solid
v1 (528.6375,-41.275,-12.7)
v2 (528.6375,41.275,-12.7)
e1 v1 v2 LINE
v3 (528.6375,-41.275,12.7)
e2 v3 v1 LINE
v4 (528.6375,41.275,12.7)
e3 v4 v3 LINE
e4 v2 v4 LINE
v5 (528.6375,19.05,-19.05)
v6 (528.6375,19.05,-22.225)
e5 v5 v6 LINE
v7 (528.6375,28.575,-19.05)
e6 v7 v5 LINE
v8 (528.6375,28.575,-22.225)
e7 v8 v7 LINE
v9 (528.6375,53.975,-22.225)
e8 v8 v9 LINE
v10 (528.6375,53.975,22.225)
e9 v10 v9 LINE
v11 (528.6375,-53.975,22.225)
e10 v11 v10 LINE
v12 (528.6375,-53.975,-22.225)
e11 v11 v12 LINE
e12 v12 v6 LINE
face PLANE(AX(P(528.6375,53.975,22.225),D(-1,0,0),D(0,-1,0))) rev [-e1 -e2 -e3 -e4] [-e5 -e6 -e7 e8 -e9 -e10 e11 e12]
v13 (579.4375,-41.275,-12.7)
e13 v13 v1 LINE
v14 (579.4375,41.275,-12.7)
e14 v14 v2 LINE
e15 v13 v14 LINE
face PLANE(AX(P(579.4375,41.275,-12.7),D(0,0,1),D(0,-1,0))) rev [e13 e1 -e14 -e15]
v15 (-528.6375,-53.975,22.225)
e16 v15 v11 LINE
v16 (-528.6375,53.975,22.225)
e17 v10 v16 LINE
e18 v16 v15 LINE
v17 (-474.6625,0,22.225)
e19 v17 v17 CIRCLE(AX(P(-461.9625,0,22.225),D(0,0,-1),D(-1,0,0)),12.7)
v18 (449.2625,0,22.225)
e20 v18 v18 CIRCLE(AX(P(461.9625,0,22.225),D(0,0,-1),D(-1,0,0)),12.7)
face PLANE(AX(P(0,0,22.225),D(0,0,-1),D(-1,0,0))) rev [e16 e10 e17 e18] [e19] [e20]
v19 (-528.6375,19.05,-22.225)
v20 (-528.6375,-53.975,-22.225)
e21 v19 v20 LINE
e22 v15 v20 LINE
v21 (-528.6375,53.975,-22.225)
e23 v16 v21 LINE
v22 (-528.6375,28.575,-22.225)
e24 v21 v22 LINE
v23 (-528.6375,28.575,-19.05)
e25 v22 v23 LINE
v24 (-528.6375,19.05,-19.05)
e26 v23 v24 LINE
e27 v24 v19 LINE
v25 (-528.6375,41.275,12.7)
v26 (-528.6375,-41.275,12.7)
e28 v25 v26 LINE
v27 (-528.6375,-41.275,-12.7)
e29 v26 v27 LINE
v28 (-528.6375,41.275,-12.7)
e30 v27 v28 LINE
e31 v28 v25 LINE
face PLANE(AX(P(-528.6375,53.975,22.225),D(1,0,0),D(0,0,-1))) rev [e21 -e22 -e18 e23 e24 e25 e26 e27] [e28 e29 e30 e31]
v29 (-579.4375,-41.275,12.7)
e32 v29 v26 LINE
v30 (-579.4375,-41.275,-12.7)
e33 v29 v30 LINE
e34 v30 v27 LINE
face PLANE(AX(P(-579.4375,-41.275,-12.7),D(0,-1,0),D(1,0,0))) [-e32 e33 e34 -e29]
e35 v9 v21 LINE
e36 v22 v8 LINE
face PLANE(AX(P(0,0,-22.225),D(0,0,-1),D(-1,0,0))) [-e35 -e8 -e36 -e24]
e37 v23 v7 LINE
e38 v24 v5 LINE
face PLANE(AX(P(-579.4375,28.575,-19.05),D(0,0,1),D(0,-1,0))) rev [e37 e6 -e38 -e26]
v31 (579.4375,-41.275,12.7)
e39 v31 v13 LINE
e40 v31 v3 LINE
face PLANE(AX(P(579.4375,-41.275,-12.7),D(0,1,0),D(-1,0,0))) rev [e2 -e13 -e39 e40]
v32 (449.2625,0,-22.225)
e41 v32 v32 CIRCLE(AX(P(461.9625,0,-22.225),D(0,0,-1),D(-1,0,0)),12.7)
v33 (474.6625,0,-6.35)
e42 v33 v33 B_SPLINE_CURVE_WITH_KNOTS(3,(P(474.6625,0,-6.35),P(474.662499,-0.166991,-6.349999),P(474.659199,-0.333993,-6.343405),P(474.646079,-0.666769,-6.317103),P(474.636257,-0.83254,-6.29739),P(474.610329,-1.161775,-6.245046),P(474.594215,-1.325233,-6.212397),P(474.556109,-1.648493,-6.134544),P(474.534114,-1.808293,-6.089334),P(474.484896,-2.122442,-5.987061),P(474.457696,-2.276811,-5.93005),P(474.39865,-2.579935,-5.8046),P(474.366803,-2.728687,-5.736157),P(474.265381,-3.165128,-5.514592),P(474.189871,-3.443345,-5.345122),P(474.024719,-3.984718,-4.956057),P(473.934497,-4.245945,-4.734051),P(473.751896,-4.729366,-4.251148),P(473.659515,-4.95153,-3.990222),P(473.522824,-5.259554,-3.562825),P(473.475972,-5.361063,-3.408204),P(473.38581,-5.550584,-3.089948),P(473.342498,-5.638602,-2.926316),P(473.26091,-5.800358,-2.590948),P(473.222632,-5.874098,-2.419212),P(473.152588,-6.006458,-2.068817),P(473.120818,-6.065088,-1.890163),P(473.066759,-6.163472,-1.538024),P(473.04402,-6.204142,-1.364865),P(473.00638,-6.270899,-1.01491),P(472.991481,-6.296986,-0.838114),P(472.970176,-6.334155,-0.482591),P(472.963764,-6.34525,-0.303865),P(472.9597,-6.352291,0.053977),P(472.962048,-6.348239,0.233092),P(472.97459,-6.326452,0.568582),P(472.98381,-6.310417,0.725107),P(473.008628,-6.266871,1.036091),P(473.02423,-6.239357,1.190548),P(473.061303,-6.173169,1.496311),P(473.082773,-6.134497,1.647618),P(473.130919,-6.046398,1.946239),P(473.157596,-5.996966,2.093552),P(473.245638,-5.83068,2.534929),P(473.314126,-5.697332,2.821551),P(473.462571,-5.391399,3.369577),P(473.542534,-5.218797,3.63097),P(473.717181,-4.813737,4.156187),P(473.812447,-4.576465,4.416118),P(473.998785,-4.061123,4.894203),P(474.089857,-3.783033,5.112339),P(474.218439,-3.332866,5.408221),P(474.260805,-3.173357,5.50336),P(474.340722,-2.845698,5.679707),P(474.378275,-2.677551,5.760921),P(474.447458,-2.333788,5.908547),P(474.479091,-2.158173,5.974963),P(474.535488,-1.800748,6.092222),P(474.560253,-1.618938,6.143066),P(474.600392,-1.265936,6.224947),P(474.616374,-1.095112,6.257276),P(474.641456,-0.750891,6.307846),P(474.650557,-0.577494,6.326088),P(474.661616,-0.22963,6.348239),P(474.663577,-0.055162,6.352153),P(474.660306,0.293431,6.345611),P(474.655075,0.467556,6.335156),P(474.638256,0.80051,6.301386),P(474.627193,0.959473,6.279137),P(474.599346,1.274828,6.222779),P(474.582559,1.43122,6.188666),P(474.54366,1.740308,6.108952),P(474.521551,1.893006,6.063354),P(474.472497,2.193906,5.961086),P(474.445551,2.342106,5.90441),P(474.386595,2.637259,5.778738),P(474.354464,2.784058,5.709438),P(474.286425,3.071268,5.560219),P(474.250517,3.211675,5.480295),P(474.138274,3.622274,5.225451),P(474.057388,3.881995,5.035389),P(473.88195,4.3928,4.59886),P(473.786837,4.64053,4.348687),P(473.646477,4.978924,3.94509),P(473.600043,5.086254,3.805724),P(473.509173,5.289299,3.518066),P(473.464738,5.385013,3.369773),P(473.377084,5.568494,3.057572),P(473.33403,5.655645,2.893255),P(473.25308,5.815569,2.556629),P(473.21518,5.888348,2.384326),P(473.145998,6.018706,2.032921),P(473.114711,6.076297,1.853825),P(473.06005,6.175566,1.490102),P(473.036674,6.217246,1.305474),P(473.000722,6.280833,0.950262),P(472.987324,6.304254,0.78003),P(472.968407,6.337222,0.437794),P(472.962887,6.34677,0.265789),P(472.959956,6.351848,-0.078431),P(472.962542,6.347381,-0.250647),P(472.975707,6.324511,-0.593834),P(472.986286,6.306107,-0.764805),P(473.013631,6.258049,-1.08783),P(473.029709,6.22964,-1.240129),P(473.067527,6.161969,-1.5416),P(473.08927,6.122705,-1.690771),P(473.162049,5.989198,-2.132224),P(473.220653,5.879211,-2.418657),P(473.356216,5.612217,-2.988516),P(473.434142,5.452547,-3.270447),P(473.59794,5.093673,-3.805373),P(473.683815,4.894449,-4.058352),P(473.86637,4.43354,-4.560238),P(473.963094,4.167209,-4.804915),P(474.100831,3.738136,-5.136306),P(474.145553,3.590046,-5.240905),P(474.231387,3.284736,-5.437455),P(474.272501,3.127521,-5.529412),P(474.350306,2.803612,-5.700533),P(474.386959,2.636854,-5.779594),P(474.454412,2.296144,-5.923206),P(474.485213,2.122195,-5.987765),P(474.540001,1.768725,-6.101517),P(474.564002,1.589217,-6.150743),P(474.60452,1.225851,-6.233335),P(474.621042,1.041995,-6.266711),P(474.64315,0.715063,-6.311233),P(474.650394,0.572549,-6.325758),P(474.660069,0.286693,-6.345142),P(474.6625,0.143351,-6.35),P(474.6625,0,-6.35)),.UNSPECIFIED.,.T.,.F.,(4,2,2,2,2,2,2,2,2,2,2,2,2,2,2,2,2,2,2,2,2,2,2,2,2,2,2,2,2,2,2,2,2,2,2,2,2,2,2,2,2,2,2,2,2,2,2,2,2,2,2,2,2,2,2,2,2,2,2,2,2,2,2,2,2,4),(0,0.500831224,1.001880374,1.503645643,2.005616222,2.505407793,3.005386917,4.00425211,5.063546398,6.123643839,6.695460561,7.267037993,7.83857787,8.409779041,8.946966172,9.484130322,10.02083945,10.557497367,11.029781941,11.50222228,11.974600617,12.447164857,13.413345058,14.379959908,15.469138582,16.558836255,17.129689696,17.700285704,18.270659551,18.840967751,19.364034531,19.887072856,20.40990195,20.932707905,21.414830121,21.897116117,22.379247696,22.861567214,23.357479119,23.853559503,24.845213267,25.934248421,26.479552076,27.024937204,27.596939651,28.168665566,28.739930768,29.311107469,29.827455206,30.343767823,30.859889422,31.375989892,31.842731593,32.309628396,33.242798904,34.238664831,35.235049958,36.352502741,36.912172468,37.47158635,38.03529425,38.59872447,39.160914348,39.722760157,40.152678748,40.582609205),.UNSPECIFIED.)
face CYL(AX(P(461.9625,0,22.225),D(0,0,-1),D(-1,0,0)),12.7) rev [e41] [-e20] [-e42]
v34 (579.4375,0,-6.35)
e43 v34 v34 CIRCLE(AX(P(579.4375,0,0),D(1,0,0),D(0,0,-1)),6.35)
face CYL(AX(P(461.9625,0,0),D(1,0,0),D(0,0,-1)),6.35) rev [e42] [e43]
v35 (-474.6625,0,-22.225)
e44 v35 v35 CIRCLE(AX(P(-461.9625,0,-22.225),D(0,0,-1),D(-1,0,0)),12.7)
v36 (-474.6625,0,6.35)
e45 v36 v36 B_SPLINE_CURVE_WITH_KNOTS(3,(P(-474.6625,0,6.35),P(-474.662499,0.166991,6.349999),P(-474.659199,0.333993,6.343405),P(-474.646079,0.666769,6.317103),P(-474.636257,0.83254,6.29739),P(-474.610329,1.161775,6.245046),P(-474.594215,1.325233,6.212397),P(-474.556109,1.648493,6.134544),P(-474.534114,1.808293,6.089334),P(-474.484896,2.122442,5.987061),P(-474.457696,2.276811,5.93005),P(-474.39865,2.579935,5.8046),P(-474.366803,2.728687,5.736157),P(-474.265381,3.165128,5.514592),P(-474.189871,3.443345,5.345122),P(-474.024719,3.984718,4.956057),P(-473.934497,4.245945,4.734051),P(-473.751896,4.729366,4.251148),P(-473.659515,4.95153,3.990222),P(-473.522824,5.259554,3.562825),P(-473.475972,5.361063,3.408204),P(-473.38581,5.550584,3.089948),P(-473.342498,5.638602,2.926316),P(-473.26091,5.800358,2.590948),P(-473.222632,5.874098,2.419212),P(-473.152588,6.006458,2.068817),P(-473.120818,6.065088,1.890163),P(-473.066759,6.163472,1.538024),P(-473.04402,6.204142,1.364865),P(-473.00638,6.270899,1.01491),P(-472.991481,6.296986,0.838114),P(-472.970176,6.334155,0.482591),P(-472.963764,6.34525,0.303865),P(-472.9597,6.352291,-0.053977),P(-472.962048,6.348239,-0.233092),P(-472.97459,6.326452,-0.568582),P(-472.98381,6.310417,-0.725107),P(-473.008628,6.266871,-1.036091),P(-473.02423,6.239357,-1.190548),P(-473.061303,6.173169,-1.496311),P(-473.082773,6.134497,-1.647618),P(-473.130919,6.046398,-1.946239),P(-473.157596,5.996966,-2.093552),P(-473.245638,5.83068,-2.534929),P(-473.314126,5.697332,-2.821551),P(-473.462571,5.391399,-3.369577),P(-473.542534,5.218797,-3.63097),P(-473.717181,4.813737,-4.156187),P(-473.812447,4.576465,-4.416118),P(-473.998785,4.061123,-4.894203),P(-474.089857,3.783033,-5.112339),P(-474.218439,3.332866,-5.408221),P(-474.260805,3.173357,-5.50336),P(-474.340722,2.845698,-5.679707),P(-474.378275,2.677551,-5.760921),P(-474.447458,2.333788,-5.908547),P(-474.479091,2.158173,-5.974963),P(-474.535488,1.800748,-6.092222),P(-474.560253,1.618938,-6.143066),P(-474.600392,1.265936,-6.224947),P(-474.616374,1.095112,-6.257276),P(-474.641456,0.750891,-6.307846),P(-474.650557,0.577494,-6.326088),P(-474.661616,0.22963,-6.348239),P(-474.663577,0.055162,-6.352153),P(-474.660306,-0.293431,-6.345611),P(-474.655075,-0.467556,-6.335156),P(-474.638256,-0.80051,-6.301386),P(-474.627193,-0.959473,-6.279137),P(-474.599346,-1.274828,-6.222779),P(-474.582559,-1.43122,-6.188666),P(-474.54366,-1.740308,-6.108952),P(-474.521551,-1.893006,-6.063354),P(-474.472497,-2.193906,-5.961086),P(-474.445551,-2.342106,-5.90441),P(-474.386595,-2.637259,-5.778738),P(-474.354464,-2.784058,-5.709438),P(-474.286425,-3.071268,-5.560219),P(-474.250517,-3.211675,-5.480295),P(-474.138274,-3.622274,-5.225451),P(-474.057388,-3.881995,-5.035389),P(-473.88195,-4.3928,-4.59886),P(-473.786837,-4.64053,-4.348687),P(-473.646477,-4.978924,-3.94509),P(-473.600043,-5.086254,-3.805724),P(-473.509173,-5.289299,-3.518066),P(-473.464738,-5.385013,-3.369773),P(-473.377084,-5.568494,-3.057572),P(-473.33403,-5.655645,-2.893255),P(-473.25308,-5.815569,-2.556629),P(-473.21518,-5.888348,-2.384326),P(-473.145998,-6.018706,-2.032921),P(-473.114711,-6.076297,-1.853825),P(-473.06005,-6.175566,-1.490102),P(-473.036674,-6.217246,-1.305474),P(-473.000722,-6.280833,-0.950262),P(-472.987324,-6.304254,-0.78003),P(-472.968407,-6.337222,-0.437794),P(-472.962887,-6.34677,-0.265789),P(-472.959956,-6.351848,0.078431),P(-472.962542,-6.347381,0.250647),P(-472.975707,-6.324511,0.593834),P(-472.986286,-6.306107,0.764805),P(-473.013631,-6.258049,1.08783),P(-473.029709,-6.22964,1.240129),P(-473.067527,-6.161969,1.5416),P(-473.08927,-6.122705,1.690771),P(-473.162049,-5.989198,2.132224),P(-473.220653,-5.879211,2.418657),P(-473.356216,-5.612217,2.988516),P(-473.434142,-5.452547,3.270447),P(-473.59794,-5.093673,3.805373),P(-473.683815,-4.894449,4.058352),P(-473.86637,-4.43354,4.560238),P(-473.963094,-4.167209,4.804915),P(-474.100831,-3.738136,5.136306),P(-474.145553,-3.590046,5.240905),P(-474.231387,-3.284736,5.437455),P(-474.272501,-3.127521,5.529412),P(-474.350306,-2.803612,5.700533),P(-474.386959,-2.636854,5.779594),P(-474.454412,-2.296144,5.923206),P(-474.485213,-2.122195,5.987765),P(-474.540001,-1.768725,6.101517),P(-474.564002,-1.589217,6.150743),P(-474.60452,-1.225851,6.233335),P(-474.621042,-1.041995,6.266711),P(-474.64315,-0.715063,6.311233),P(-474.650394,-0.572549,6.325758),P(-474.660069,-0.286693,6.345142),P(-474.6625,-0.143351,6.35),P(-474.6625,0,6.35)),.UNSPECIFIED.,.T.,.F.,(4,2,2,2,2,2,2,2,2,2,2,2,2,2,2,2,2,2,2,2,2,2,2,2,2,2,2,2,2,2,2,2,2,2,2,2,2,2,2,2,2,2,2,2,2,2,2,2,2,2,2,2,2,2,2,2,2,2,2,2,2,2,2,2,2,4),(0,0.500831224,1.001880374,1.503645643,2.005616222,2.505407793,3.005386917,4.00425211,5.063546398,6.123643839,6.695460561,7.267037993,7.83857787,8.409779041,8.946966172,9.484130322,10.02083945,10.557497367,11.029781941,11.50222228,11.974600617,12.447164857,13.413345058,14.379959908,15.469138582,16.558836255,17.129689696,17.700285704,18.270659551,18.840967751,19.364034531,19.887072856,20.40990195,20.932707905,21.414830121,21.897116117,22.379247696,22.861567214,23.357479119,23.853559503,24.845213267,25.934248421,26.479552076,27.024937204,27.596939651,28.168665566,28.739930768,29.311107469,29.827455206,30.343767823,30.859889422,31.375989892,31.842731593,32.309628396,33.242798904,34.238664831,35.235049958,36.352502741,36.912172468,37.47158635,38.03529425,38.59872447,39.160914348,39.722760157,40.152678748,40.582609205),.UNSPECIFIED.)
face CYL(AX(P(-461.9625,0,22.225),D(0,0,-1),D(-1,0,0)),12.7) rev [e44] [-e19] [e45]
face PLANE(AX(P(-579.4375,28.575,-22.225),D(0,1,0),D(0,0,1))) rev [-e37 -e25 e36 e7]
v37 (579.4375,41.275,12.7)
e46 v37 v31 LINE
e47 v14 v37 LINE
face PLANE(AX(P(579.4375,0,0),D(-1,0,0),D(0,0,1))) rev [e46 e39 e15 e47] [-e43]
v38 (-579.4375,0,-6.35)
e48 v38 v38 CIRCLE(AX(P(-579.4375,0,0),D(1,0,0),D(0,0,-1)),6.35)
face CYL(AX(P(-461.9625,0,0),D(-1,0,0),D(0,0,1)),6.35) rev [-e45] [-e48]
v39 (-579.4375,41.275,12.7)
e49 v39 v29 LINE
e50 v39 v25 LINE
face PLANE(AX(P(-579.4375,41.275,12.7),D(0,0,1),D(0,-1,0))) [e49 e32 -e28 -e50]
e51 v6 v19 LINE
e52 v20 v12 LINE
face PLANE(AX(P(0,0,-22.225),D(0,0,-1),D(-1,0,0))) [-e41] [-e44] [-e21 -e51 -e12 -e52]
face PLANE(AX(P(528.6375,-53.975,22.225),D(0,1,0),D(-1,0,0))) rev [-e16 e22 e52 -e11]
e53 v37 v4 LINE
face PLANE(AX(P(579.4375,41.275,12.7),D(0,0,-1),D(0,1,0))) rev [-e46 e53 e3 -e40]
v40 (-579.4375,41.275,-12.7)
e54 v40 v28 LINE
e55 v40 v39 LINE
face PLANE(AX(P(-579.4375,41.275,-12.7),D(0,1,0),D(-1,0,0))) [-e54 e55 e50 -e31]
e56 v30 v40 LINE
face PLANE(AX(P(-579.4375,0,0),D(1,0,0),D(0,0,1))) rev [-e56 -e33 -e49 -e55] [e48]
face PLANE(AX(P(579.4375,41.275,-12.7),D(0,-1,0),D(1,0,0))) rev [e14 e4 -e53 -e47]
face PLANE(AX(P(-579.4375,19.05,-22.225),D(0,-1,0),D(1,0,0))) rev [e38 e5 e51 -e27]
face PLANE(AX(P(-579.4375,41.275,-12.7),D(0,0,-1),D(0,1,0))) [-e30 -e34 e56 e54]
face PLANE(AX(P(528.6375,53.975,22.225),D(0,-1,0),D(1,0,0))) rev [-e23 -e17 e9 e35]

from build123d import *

# Parameters (mm, degrees)
SKETCH2_W           = 1057.275
SKETCH2_H           = 107.95
BOSS_EXTRUDE1_DEPTH = 22.225
SKETCH3_W           = 25.4
SKETCH3_H           = 82.55
BOSS_EXTRUDE2_DEPTH = 50.8
SKETCH4_R           = 6.35
CUT_EXTRUDE1_DEPTH  = 117.475
SKETCH5_W           = 3.175
SKETCH5_H           = 9.525
CUT_EXTRUDE2_DEPTH  = 1110.611399038
SKETCH6_R           = 12.7
CUT_EXTRUDE3_DEPTH  = 584.64108794


with BuildPart() as part:
    # Sketch2 → Boss-Extrude1 (new, symmetric)
    with BuildSketch(Plane.XY):
        Rectangle(SKETCH2_W, SKETCH2_H)
    extrude(amount=BOSS_EXTRUDE1_DEPTH, both=True)

    # Sketch3 → Boss-Extrude2 (add)
    with BuildSketch(Plane(origin=(528.6375, 0, 0), x_dir=(0, 0, -1), z_dir=(1, 0, 0))):
        Rectangle(SKETCH3_W, SKETCH3_H)
    boss_extrude2 = extrude(amount=BOSS_EXTRUDE2_DEPTH)

    # Sketch4 → Cut-Extrude1 (cut)
    with BuildSketch(Plane(origin=(579.4375, 0, 0), x_dir=(0, 0, -1), z_dir=(1, 0, 0))):
        Circle(SKETCH4_R)
    cut_extrude1 = extrude(amount=-CUT_EXTRUDE1_DEPTH, mode=Mode.SUBTRACT)

    # Mirror1: Boss-Extrude2, Cut-Extrude1 across plane
    add(boss_extrude2.mirror(Plane(origin=(0, 0, 0), x_dir=(0, 0, 1), z_dir=(1, 0, 0))))
    add(cut_extrude1.mirror(Plane(origin=(0, 0, 0), x_dir=(0, 0, 1), z_dir=(1, 0, 0))), mode=Mode.SUBTRACT)

    # Sketch5 → Cut-Extrude2 (cut, through all)
    with BuildSketch(Plane(origin=(528.6375, 0, 0), x_dir=(0, 0, -1), z_dir=(1, 0, 0))):
        with Locations((20.6375, 23.8125)):
            Rectangle(SKETCH5_W, SKETCH5_H)
    extrude(amount=-CUT_EXTRUDE2_DEPTH, mode=Mode.SUBTRACT)

    # Sketch6 → Cut-Extrude3 (cut, through all)
    with BuildSketch(Plane(origin=(0, 0, -22.225), x_dir=(-1, 0, 0), z_dir=(0, 0, -1))):
        with Locations((461.9625, 0)):
            Circle(SKETCH6_R)
        with Locations((-461.9625, 0)):
            Circle(SKETCH6_R)
    extrude(amount=-CUT_EXTRUDE3_DEPTH, mode=Mode.SUBTRACT)


solid = part.part
